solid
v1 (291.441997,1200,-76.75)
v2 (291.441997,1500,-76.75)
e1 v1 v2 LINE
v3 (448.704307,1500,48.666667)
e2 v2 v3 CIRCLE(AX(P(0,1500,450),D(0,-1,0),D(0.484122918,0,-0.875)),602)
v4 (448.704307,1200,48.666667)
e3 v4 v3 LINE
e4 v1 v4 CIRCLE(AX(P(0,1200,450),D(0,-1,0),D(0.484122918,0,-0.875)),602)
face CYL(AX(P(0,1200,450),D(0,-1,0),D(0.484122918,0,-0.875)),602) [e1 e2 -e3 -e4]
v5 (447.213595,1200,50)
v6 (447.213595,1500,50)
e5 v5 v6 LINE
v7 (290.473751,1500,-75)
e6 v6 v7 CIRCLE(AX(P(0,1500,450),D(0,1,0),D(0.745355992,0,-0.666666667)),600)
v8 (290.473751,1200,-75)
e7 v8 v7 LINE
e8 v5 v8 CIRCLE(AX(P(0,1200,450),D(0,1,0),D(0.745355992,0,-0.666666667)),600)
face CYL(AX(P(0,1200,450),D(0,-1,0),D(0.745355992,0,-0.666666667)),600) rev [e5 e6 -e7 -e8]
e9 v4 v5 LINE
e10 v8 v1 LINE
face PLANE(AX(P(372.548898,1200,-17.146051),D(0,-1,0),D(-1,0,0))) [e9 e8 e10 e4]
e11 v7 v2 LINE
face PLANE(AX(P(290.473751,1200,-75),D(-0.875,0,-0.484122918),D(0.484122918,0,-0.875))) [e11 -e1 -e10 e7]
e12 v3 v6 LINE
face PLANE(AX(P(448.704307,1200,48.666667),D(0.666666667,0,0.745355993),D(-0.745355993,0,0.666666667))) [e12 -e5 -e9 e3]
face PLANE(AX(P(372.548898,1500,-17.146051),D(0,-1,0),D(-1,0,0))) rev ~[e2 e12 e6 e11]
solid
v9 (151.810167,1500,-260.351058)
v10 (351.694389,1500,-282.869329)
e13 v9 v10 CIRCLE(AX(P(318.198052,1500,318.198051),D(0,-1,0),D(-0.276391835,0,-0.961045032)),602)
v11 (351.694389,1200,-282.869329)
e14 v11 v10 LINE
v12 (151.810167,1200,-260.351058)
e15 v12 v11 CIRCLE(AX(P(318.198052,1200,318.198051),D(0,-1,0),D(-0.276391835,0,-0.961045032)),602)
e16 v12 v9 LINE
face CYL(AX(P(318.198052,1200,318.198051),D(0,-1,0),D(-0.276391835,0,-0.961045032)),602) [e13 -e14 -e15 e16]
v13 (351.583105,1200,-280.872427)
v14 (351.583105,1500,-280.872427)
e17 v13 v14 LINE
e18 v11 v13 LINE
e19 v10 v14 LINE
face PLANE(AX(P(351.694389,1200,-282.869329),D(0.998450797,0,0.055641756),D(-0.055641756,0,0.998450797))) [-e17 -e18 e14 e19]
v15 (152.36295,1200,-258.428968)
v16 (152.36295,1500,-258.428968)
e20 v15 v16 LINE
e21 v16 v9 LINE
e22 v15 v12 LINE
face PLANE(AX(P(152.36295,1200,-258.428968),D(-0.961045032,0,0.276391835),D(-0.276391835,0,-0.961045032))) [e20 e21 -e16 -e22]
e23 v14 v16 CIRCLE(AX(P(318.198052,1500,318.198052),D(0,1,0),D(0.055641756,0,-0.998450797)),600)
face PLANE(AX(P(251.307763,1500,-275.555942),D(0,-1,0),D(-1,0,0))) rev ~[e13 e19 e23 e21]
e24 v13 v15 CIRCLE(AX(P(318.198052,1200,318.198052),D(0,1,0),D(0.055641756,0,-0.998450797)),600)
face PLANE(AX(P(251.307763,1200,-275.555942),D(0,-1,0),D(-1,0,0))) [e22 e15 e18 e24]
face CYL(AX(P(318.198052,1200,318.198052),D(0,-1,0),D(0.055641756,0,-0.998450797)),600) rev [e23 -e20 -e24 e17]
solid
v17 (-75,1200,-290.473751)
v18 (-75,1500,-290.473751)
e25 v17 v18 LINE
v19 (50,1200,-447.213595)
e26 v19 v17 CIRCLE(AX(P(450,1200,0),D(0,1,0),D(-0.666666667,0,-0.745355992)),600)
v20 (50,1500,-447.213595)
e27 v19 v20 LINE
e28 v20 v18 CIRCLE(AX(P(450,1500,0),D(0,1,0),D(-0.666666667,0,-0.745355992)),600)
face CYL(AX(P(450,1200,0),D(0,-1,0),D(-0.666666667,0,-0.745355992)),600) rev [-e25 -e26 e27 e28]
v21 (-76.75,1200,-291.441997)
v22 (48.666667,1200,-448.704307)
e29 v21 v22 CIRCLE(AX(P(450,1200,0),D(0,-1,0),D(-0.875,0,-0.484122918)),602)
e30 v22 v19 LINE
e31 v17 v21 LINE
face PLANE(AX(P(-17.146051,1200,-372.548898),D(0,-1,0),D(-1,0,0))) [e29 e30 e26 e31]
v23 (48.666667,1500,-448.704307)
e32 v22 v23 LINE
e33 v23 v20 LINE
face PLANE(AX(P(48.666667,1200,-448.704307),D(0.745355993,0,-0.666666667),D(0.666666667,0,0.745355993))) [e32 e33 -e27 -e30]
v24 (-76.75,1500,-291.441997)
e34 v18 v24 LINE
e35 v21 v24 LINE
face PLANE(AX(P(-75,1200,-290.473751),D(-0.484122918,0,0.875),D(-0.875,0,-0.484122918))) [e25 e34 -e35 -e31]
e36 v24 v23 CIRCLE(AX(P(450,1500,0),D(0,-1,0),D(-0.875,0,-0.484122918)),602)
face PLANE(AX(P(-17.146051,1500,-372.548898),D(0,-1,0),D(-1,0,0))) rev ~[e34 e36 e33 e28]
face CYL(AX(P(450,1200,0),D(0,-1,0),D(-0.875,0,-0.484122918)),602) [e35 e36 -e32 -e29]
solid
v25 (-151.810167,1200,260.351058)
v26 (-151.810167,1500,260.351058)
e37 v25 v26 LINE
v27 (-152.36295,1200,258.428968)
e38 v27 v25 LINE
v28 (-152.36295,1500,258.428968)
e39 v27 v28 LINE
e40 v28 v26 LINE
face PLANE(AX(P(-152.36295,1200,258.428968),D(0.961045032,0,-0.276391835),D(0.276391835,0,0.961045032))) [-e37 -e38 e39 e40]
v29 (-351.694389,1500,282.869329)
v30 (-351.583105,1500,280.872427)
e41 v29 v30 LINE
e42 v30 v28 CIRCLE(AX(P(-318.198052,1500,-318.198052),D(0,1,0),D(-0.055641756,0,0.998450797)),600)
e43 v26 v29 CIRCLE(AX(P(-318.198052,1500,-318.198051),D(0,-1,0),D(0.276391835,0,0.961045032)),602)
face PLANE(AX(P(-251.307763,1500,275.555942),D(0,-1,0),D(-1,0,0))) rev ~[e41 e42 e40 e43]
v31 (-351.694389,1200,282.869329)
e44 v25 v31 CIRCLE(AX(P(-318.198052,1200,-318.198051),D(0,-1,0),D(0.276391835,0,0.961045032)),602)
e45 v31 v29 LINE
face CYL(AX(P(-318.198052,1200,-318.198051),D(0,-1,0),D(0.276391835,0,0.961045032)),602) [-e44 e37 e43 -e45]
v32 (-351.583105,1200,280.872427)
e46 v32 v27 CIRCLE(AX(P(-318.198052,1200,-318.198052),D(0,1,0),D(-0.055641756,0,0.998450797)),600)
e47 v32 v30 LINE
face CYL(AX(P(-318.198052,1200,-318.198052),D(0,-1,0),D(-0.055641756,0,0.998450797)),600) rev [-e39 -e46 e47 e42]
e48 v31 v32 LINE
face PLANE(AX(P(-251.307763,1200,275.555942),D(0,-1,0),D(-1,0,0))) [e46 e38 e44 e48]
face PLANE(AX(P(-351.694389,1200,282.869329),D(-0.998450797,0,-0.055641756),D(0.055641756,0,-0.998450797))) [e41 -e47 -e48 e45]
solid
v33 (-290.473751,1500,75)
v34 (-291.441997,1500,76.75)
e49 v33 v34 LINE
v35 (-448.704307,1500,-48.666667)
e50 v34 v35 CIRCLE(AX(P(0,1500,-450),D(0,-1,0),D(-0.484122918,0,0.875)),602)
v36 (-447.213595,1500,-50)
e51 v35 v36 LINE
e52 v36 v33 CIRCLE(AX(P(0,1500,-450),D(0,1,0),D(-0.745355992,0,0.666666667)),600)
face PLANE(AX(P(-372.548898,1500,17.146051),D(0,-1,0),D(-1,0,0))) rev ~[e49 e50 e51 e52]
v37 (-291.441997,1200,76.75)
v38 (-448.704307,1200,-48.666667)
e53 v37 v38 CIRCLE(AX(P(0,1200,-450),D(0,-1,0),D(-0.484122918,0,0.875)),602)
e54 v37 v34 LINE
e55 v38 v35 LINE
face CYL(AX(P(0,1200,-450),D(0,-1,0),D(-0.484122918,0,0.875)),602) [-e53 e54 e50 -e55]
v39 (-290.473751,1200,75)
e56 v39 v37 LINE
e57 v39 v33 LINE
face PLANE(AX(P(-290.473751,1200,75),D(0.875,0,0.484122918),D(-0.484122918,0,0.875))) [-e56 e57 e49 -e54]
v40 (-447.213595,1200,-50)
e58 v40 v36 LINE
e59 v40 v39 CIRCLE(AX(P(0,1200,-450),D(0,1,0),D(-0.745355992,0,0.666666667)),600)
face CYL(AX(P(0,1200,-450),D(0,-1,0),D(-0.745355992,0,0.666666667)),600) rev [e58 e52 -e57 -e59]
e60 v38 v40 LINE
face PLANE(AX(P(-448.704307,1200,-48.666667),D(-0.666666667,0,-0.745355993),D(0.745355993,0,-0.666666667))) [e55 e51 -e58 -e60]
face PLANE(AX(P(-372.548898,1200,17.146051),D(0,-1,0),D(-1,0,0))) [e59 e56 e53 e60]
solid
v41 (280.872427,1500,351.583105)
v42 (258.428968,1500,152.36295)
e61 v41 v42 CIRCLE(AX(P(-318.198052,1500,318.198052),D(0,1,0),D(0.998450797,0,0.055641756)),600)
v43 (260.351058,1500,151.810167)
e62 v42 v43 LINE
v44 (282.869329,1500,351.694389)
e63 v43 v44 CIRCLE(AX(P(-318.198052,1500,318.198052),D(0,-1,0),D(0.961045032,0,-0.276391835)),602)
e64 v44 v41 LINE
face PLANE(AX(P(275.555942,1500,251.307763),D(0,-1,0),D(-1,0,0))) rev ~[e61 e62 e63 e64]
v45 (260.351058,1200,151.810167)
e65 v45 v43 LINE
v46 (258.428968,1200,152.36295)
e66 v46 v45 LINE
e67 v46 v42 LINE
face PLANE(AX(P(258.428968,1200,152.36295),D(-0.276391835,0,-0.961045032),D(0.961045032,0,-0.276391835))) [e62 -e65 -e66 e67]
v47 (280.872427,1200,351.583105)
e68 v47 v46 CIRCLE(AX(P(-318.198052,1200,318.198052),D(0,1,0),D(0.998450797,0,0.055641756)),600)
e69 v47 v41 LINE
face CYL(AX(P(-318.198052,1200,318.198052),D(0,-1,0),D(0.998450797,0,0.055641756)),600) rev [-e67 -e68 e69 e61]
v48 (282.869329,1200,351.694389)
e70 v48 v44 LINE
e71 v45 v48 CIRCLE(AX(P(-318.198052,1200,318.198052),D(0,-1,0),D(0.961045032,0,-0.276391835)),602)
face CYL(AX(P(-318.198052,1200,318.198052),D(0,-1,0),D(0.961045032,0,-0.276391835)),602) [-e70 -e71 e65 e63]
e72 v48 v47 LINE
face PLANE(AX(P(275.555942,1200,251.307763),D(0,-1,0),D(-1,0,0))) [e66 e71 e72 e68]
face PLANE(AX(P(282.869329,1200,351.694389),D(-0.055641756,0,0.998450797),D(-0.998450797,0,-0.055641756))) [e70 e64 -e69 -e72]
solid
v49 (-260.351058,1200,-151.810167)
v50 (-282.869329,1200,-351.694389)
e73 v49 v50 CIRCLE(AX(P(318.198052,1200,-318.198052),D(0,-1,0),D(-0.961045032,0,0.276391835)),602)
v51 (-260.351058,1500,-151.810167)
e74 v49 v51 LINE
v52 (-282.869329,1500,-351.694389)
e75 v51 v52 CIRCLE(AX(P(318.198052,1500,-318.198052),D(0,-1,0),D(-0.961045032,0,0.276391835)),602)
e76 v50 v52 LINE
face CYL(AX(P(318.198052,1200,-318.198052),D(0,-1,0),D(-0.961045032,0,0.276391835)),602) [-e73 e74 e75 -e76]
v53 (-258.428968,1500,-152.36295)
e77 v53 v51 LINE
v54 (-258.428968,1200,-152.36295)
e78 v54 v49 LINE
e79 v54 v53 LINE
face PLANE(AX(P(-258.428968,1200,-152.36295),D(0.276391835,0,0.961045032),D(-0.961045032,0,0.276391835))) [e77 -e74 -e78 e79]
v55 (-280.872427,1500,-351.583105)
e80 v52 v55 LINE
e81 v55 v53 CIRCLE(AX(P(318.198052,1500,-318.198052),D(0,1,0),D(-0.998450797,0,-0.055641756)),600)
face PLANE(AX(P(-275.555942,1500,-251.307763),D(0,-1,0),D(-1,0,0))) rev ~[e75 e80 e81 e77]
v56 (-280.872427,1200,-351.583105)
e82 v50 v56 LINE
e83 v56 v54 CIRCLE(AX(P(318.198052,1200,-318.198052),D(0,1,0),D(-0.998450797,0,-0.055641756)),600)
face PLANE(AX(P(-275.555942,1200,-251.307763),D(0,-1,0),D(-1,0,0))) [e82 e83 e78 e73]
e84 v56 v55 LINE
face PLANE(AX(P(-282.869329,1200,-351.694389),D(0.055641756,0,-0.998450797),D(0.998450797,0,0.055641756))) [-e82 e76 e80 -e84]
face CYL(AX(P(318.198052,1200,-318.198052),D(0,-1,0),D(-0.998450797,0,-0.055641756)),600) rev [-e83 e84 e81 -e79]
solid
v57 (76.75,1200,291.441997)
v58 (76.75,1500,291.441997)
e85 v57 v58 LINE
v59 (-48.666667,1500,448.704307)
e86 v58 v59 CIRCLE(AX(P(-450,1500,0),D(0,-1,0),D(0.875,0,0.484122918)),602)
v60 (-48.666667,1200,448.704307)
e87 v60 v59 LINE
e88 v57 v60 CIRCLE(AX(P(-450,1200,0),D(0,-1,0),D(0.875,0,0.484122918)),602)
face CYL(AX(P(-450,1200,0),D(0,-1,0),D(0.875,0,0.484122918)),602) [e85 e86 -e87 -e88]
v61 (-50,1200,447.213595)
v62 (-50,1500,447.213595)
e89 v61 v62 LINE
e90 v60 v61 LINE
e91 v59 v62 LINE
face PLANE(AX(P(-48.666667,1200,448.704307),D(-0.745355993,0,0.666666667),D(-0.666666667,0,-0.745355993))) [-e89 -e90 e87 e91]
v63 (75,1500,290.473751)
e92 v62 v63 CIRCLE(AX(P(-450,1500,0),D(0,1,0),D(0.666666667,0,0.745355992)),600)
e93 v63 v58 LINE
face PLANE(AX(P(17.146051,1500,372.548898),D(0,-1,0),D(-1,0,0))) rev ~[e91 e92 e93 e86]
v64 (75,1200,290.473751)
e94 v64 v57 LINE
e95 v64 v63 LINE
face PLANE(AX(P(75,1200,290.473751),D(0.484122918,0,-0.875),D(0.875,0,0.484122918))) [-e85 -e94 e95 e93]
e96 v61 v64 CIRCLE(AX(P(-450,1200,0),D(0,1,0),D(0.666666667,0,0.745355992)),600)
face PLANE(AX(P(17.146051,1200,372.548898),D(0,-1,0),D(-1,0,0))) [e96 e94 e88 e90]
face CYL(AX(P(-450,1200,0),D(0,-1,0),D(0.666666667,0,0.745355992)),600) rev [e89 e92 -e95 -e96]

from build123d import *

# Parameters (mm, degrees)
EXTRUDE_THIN3_DEPTH   = 300
EXTRUDE_THIN3_2_DEPTH = 300
EXTRUDE_THIN3_3_DEPTH = 300
EXTRUDE_THIN3_4_DEPTH = 300
EXTRUDE_THIN3_5_DEPTH = 300
EXTRUDE_THIN3_6_DEPTH = 300
EXTRUDE_THIN3_7_DEPTH = 300
EXTRUDE_THIN3_8_DEPTH = 300


with BuildPart() as part:
    # Sketch1 → Extrude-Thin3 (new body)
    with BuildSketch(Plane(origin=(0, 1200, 0), x_dir=(1, 0, 0), z_dir=(0, 1, 0))):
        with BuildLine():
            ThreePointArc((50, 447.2135955), (-19.09284232, 374.101463889), (-75, 290.473750966))
            Line((-75, 290.473750966), (-76.75, 291.441996802))
            ThreePointArc((-76.75, 291.441996802), (-20.656485128, 375.348468769), (48.666666667, 448.704307485))
            Line((48.666666667, 448.704307485), (50, 447.2135955))
        make_face()
    extrude(amount=EXTRUDE_THIN3_DEPTH)


with BuildPart() as body_2:
    # Sketch1 → Extrude-Thin3 2 (new body)
    with BuildSketch(Plane(origin=(0, 1200, 0), x_dir=(1, 0, 0), z_dir=(0, 1, 0))):
        with BuildLine():
            ThreePointArc((351.583105076, 280.872426957), (251.029003691, 278.030360244), (152.362950476, 258.428967653))
            Line((152.362950476, 258.428967653), (151.810166805, 260.351057717))
            ThreePointArc((151.810166805, 260.351057717), (250.805106865, 280.017788284), (351.694388588, 282.869328552))
            Line((351.694388588, 282.869328552), (351.583105076, 280.872426957))
        make_face()
    extrude(amount=EXTRUDE_THIN3_2_DEPTH)


with BuildPart() as body_3:
    # Sketch1 → Extrude-Thin3 3 (new body)
    with BuildSketch(Plane(origin=(0, 1200, 0), x_dir=(1, 0, 0), z_dir=(0, 1, 0))):
        with BuildLine():
            ThreePointArc((447.2135955, -50), (374.101463889, 19.09284232), (290.473750966, 75))
            Line((290.473750966, 75), (291.441996802, 76.75))
            ThreePointArc((291.441996802, 76.75), (375.348468769, 20.656485128), (448.704307485, -48.666666667))
            Line((448.704307485, -48.666666667), (447.2135955, -50))
        make_face()
    extrude(amount=EXTRUDE_THIN3_3_DEPTH)


with BuildPart() as body_4:
    # Sketch1 → Extrude-Thin3 4 (new body)
    with BuildSketch(Plane(origin=(0, 1200, 0), x_dir=(1, 0, 0), z_dir=(0, 1, 0))):
        with BuildLine():
            ThreePointArc((280.872426958, -351.583105076), (278.030360245, -251.029003691), (258.428967653, -152.362950475))
            Line((258.428967653, -152.362950475), (260.351057717, -151.810166805))
            ThreePointArc((260.351057717, -151.810166805), (280.017788284, -250.805106865), (282.869328553, -351.694388588))
            Line((282.869328553, -351.694388588), (280.872426958, -351.583105076))
        make_face()
    extrude(amount=EXTRUDE_THIN3_4_DEPTH)


with BuildPart() as body_5:
    # Sketch1 → Extrude-Thin3 5 (new body)
    with BuildSketch(Plane(origin=(0, 1200, 0), x_dir=(1, 0, 0), z_dir=(0, 1, 0))):
        with BuildLine():
            ThreePointArc((-50, -447.2135955), (19.09284232, -374.101463889), (75, -290.473750966))
            Line((75, -290.473750966), (76.75, -291.441996802))
            ThreePointArc((76.75, -291.441996802), (20.656485128, -375.348468769), (-48.666666667, -448.704307485))
            Line((-48.666666667, -448.704307485), (-50, -447.2135955))
        make_face()
    extrude(amount=EXTRUDE_THIN3_5_DEPTH)


with BuildPart() as body_6:
    # Sketch1 → Extrude-Thin3 6 (new body)
    with BuildSketch(Plane(origin=(0, 1200, 0), x_dir=(1, 0, 0), z_dir=(0, 1, 0))):
        with BuildLine():
            ThreePointArc((-351.583105076, -280.872426958), (-251.029003691, -278.030360245), (-152.362950475, -258.428967653))
            Line((-152.362950475, -258.428967653), (-151.810166805, -260.351057717))
            ThreePointArc((-151.810166805, -260.351057717), (-250.805106865, -280.017788284), (-351.694388588, -282.869328552))
            Line((-351.694388588, -282.869328552), (-351.583105076, -280.872426958))
        make_face()
    extrude(amount=EXTRUDE_THIN3_6_DEPTH)


with BuildPart() as body_7:
    # Sketch1 → Extrude-Thin3 7 (new body)
    with BuildSketch(Plane(origin=(0, 1200, 0), x_dir=(1, 0, 0), z_dir=(0, 1, 0))):
        with BuildLine():
            ThreePointArc((-447.2135955, 50), (-374.101463889, -19.09284232), (-290.473750966, -75))
            Line((-290.473750966, -75), (-291.441996802, -76.75))
            ThreePointArc((-291.441996802, -76.75), (-375.348468769, -20.656485128), (-448.704307485, 48.666666667))
            Line((-448.704307485, 48.666666667), (-447.2135955, 50))
        make_face()
    extrude(amount=EXTRUDE_THIN3_7_DEPTH)


with BuildPart() as body_8:
    # Sketch1 → Extrude-Thin3 8 (new body)
    with BuildSketch(Plane(origin=(0, 1200, 0), x_dir=(1, 0, 0), z_dir=(0, 1, 0))):
        with BuildLine():
            ThreePointArc((-280.872426958, 351.583105076), (-278.030360245, 251.029003691), (-258.428967653, 152.362950475))
            Line((-258.428967653, 152.362950475), (-260.351057717, 151.810166805))
            ThreePointArc((-260.351057717, 151.810166805), (-280.017788284, 250.805106865), (-282.869328553, 351.694388588))
            Line((-282.869328553, 351.694388588), (-280.872426958, 351.583105076))
        make_face()
    extrude(amount=EXTRUDE_THIN3_8_DEPTH)


solid = Compound([part.part, body_2.part, body_3.part, body_4.part, body_5.part, body_6.part, body_7.part, body_8.part])
